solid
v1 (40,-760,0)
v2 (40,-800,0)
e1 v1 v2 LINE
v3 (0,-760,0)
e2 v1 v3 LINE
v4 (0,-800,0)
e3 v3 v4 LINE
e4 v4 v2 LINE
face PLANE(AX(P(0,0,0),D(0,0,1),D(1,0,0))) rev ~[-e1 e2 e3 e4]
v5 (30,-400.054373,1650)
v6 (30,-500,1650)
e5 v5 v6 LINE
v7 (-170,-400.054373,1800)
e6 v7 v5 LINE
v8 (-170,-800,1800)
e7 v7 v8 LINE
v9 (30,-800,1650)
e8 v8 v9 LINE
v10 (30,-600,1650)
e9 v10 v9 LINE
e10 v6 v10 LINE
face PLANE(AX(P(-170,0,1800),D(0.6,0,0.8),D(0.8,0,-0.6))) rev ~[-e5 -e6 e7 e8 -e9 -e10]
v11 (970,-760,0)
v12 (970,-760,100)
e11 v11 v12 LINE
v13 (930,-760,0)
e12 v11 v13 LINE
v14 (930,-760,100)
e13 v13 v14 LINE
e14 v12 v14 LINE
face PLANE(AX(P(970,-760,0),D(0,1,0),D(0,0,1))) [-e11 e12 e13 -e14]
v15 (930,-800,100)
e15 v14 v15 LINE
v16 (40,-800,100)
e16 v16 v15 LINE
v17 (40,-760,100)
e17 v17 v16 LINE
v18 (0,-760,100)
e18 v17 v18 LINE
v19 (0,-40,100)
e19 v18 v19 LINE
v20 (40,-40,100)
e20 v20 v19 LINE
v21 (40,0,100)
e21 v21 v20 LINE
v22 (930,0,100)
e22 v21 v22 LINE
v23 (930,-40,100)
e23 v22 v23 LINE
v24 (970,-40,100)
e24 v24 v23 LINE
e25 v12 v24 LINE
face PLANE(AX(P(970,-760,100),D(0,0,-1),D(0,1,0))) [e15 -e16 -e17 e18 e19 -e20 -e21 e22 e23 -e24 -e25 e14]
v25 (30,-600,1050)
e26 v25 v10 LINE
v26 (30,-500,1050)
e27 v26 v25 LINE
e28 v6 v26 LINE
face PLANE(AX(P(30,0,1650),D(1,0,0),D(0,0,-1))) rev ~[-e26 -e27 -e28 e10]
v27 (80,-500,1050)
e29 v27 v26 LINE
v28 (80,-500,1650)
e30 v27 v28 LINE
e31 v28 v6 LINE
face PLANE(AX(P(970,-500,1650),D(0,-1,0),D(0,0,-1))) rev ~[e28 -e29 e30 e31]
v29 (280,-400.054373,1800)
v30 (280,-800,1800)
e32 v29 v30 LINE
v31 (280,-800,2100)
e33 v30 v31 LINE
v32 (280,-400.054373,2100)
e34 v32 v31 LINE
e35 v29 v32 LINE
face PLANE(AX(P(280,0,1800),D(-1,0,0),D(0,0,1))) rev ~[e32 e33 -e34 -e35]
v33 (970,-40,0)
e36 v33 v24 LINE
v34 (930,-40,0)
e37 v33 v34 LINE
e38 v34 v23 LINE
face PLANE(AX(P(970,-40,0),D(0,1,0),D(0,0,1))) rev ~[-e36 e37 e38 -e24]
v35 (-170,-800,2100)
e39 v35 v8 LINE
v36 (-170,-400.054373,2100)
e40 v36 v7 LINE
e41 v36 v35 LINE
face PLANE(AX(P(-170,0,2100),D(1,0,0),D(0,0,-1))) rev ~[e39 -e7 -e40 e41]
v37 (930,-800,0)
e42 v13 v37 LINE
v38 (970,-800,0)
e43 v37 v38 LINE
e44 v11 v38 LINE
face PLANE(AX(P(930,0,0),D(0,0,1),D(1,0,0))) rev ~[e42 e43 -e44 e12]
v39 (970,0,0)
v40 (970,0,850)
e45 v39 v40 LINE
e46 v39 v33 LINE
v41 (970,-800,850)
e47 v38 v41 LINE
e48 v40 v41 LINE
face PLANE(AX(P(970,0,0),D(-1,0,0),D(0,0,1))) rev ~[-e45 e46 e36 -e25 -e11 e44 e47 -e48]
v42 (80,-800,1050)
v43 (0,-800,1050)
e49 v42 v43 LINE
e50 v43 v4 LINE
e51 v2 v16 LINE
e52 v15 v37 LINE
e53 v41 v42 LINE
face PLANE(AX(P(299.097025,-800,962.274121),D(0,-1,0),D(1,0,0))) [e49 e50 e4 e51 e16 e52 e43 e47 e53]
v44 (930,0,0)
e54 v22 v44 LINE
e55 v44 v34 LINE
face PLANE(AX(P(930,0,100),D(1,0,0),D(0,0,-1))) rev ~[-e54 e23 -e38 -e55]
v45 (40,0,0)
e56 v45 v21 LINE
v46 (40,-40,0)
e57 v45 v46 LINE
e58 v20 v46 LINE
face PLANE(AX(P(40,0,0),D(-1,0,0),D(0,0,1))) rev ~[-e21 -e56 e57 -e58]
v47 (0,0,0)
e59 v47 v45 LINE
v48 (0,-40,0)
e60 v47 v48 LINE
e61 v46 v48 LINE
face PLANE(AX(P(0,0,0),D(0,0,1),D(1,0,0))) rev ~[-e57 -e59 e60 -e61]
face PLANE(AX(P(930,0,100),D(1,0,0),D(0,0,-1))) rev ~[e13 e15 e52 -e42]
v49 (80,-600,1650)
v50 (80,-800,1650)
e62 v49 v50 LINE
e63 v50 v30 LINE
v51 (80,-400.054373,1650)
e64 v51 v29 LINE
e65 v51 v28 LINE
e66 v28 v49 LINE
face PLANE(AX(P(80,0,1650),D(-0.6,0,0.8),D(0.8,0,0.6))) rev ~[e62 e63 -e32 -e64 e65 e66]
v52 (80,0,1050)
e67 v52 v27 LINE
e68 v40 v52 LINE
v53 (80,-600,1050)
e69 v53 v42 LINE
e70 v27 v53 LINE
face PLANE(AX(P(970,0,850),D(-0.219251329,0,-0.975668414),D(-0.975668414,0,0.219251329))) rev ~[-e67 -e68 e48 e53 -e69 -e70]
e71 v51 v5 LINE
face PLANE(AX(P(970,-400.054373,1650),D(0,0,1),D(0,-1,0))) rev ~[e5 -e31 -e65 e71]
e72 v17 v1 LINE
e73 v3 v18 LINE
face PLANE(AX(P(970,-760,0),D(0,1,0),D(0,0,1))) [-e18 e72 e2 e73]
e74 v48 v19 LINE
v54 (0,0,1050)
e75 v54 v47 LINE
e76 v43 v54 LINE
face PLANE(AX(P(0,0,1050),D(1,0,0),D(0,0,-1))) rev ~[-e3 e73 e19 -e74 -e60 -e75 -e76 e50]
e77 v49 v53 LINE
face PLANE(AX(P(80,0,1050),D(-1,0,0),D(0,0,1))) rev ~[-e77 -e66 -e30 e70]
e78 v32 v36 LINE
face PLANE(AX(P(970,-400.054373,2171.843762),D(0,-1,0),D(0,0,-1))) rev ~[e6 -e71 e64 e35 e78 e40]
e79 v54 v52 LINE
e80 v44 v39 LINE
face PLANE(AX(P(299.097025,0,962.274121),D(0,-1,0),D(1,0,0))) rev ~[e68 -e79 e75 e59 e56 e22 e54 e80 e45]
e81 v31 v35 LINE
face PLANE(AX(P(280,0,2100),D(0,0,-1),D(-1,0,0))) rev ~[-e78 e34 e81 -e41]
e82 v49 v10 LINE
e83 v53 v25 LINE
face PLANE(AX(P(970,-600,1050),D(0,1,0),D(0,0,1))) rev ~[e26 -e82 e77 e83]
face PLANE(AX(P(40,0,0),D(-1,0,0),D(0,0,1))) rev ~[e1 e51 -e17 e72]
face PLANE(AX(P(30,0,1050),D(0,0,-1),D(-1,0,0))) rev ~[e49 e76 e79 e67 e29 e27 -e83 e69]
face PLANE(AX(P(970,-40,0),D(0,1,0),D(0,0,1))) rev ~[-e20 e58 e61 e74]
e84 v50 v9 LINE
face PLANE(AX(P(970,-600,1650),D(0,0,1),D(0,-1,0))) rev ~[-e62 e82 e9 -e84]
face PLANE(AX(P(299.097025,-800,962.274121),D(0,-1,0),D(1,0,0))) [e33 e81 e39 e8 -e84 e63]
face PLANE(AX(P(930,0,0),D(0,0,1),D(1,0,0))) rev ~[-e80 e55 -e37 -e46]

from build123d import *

# Parameters (mm, degrees)
F1_DEPTH = 800
F2_W     = 720
F2_H     = 100
F3_DEPTH = 1140.001


with BuildPart() as f1:
    # F0 (on Front) → F1 (new body)
    with BuildSketch(Plane.XZ):
        Polygon((0, 1050), (0, 0), (40, 0), (40, 100), (930, 100), (930, 0), (970, 0), (970, 850), (80, 1050), (80, 1650), (280, 1800), (280, 2100), (-170, 2100), (-170, 1800), (30, 1650), (30, 1050), align=None)
    extrude(amount=F1_DEPTH)

    # F2 (on face) → F3 (cut, through all)
    with BuildSketch(Plane.YZ.offset(970)):
        with Locations((-400, 50)):
            Rectangle(F2_W, F2_H)
        Polygon((-1182.620752, 1232.519794), (-800, 1050), (-600, 1050), (-600, 1650), (-800, 1650), (-800, 2165.248656), (-400.054373, 2171.843762), (-400.054373, 1650), (-500, 1650), (-500, 1050), (130.563885, 1050), (1207.751429, 1992.828178), (48.128108, 2661.814022), (-1305.009472, 2532.382298), align=None)
    extrude(amount=-F3_DEPTH, mode=Mode.SUBTRACT)


solid = f1.part
